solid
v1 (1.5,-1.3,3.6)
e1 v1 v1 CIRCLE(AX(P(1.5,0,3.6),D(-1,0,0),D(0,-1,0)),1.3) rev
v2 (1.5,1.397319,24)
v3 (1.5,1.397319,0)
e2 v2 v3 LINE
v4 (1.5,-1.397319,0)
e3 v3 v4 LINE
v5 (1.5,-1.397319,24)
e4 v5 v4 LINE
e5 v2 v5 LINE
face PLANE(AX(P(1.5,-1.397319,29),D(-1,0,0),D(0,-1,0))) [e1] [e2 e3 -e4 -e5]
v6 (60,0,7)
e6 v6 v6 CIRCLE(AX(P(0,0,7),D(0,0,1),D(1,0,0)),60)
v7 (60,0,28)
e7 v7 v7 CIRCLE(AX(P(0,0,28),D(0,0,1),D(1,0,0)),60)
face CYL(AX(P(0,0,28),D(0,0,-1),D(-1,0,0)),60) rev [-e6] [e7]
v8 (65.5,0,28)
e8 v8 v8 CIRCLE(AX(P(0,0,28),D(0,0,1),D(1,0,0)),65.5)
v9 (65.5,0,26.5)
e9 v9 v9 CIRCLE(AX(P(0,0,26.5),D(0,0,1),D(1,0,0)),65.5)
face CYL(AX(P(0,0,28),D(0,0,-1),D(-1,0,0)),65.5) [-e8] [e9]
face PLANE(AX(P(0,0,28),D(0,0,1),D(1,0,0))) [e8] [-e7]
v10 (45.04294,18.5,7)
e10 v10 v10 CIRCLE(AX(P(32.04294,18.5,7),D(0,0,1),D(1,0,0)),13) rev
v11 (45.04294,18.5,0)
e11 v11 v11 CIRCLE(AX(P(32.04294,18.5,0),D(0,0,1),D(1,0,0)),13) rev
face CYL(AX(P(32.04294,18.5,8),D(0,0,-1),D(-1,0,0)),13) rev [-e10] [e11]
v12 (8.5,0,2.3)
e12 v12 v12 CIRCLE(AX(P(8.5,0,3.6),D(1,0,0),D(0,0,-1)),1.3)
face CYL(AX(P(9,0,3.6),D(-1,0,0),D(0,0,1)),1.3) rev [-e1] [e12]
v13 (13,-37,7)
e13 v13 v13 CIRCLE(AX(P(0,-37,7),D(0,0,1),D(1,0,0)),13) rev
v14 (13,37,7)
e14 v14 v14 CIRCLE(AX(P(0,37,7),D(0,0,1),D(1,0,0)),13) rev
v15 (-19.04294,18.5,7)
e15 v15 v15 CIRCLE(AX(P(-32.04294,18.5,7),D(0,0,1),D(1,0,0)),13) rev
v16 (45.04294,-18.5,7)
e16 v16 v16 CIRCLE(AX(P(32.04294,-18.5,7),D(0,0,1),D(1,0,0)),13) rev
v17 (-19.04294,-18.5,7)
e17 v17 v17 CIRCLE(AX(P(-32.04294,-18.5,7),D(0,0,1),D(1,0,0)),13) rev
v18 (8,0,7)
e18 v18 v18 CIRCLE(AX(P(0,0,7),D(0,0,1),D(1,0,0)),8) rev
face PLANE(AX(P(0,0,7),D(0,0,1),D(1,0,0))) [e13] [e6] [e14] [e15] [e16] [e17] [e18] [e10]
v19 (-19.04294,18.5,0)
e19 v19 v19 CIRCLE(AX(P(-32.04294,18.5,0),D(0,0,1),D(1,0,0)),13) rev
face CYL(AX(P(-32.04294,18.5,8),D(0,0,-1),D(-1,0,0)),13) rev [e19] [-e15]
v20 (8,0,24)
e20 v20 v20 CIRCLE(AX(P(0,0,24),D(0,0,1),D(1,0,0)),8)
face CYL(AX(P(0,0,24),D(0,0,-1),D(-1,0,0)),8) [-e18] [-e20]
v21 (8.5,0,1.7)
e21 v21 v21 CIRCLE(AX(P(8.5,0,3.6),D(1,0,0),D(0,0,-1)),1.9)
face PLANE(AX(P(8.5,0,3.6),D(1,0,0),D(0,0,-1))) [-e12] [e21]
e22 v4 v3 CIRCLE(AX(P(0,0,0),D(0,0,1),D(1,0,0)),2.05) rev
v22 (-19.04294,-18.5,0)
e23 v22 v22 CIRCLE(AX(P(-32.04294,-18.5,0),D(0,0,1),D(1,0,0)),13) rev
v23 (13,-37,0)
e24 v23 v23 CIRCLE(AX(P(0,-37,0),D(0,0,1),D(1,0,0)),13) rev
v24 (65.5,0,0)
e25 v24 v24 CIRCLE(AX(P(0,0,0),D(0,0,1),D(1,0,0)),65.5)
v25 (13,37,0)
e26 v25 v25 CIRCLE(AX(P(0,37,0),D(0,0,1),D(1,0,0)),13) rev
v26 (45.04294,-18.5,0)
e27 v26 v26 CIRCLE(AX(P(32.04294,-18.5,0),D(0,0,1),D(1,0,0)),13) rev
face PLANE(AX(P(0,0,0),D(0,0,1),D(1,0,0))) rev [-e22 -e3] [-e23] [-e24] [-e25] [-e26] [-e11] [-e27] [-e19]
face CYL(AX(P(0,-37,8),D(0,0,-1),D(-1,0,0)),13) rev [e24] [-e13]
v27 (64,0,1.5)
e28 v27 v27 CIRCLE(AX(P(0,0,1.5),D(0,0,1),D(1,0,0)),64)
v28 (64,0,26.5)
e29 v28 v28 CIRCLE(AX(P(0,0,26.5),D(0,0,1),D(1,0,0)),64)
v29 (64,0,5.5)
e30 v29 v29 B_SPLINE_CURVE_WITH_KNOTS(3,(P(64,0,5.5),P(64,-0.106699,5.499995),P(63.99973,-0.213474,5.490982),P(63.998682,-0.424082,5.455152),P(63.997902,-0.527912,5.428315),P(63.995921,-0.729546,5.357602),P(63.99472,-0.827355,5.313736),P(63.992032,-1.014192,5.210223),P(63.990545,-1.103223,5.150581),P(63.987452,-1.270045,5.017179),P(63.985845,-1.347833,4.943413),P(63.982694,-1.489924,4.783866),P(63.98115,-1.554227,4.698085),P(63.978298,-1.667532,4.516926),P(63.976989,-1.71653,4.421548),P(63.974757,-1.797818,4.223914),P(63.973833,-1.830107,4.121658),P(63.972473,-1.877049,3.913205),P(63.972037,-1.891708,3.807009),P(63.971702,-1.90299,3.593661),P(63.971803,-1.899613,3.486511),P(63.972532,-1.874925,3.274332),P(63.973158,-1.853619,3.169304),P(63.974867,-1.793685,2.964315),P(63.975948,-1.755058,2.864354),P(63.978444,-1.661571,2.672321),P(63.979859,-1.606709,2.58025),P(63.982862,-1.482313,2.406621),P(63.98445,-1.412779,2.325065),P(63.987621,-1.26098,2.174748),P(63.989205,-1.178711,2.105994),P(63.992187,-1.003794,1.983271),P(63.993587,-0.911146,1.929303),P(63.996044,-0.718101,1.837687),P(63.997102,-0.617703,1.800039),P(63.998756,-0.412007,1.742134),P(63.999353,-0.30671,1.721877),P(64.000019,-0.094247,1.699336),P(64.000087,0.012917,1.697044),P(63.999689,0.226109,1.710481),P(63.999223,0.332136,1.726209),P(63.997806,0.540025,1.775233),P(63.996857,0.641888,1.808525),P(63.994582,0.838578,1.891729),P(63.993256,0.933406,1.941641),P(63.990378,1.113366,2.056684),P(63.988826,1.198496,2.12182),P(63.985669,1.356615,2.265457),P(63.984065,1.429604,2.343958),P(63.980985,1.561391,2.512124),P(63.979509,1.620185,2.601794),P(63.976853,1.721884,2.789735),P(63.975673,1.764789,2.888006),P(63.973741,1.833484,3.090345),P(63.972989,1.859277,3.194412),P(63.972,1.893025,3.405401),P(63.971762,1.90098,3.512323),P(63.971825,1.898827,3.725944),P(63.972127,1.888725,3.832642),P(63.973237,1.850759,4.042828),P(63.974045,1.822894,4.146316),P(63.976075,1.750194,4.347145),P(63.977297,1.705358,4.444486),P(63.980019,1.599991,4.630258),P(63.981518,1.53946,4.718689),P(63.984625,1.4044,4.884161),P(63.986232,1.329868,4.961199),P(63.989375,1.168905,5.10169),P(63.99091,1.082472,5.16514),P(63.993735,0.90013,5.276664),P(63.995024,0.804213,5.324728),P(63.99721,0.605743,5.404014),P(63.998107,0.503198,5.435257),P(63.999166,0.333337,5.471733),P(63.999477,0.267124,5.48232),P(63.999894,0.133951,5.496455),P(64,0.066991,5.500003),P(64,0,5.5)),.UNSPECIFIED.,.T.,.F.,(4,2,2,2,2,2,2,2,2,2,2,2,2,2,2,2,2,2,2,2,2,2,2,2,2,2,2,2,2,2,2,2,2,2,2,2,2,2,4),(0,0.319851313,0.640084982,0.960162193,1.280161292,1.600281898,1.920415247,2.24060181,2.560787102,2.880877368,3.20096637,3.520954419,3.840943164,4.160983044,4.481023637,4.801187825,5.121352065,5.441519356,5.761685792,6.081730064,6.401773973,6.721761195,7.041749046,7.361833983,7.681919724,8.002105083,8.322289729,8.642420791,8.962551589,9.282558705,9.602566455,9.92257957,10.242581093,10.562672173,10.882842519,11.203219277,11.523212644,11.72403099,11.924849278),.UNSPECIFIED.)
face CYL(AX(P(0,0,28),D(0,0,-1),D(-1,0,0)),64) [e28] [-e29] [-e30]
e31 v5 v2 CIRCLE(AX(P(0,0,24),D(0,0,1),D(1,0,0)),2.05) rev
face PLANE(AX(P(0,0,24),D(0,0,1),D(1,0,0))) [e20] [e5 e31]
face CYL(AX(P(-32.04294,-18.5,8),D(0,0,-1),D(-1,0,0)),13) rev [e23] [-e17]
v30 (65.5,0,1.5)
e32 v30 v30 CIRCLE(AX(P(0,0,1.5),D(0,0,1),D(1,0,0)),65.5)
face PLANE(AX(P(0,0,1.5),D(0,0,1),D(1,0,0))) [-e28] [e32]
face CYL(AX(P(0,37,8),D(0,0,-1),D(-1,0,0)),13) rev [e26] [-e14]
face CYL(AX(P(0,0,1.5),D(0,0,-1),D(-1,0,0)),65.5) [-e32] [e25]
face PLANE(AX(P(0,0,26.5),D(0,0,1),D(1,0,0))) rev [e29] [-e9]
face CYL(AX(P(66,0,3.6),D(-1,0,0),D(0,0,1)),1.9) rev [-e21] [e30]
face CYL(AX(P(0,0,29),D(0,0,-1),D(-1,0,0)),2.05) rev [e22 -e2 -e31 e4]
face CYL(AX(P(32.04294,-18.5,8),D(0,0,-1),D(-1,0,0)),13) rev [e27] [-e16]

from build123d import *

# Parameters (mm, degrees)
SKETCH1_R              = 64
SKETCH1_R_2            = 60
RIM_DEPTH              = 28
SKETCH2_R              = 65.5
SKETCH2_R_2            = 63
INNER_BEAD_LIP_DEPTH   = 1.5
SKETCH3_R              = 65.5
SKETCH3_R_2            = 63
OUTER_BEAD_LIP_DEPTH   = 1.5
SKETCH4_R              = 61
WEB_DEPTH              = 7
SKETCH5_R              = 8
HUB_BOSS_DEPTH         = 24
SKETCH6_R              = 13
LIGHTENING_HOLES_DEPTH = 9
D_BORE_4MM_DEPTH       = 30
SKETCH8_R              = 1.3
GRUB_SCREW_M3_DEPTH    = 9
SKETCH9_R              = 1.9
GRUB_KEY_ACCESS_DEPTH  = 57.5


with BuildPart() as part:
    # Sketch1 → Rim (new body)
    with BuildSketch(Plane.XY):
        Circle(SKETCH1_R)
        Circle(SKETCH1_R_2, mode=Mode.SUBTRACT)
    extrude(amount=RIM_DEPTH)

    # Sketch2 → Inner_bead_lip (add)
    with BuildSketch(Plane.XY):
        Circle(SKETCH2_R)
        Circle(SKETCH2_R_2, mode=Mode.SUBTRACT)
    extrude(amount=INNER_BEAD_LIP_DEPTH)

    # Sketch3 → Outer_bead_lip (add)
    with BuildSketch(Plane.XY.offset(26.5)):
        Circle(SKETCH3_R)
        Circle(SKETCH3_R_2, mode=Mode.SUBTRACT)
    extrude(amount=OUTER_BEAD_LIP_DEPTH)

    # Sketch4 → Web (add)
    with BuildSketch(Plane.XY):
        Circle(SKETCH4_R)
    extrude(amount=WEB_DEPTH)

    # Sketch5 → Hub_boss (add)
    with BuildSketch(Plane.XY):
        Circle(SKETCH5_R)
    extrude(amount=HUB_BOSS_DEPTH)

    # Sketch6 → Lightening_holes (cut)
    with BuildSketch(Plane.XY.offset(-1)):
        with Locations((32.04293994, 18.5)):
            Circle(SKETCH6_R)
        with Locations((0, 37)):
            Circle(SKETCH6_R)
        with Locations((-32.04293994, 18.5)):
            Circle(SKETCH6_R)
        with Locations((-32.04293994, -18.5)):
            Circle(SKETCH6_R)
        with Locations((0, -37)):
            Circle(SKETCH6_R)
        with Locations((32.04293994, -18.5)):
            Circle(SKETCH6_R)
    extrude(amount=LIGHTENING_HOLES_DEPTH, mode=Mode.SUBTRACT)

    # Sketch7 → D_bore_4mm (cut)
    with BuildSketch(Plane.XY.offset(-1)):
        with BuildLine():
            Line((1.5, -1.397318861), (1.5, 1.397318861))
            ThreePointArc((1.5, 1.397318861), (-2.05, 0), (1.5, -1.397318861))
        make_face()
    extrude(amount=D_BORE_4MM_DEPTH, mode=Mode.SUBTRACT)

    # Sketch8 → Grub_screw_M3 (cut)
    with BuildSketch(Plane(origin=(0, 0, 0), x_dir=(0, 0, -1), z_dir=(1, 0, 0))):
        with Locations(Location((-3.6, 0, 0), (0, 0, 270))):
            Circle(SKETCH8_R)
    extrude(amount=GRUB_SCREW_M3_DEPTH, mode=Mode.SUBTRACT)

    # Sketch9 → Grub_key_access (cut)
    with BuildSketch(Plane(origin=(8.5, 0, 0), x_dir=(0, 0, -1), z_dir=(1, 0, 0))):
        with Locations((-3.6, 0)):
            Circle(SKETCH9_R)
    extrude(amount=GRUB_KEY_ACCESS_DEPTH, mode=Mode.SUBTRACT)


solid = part.part
